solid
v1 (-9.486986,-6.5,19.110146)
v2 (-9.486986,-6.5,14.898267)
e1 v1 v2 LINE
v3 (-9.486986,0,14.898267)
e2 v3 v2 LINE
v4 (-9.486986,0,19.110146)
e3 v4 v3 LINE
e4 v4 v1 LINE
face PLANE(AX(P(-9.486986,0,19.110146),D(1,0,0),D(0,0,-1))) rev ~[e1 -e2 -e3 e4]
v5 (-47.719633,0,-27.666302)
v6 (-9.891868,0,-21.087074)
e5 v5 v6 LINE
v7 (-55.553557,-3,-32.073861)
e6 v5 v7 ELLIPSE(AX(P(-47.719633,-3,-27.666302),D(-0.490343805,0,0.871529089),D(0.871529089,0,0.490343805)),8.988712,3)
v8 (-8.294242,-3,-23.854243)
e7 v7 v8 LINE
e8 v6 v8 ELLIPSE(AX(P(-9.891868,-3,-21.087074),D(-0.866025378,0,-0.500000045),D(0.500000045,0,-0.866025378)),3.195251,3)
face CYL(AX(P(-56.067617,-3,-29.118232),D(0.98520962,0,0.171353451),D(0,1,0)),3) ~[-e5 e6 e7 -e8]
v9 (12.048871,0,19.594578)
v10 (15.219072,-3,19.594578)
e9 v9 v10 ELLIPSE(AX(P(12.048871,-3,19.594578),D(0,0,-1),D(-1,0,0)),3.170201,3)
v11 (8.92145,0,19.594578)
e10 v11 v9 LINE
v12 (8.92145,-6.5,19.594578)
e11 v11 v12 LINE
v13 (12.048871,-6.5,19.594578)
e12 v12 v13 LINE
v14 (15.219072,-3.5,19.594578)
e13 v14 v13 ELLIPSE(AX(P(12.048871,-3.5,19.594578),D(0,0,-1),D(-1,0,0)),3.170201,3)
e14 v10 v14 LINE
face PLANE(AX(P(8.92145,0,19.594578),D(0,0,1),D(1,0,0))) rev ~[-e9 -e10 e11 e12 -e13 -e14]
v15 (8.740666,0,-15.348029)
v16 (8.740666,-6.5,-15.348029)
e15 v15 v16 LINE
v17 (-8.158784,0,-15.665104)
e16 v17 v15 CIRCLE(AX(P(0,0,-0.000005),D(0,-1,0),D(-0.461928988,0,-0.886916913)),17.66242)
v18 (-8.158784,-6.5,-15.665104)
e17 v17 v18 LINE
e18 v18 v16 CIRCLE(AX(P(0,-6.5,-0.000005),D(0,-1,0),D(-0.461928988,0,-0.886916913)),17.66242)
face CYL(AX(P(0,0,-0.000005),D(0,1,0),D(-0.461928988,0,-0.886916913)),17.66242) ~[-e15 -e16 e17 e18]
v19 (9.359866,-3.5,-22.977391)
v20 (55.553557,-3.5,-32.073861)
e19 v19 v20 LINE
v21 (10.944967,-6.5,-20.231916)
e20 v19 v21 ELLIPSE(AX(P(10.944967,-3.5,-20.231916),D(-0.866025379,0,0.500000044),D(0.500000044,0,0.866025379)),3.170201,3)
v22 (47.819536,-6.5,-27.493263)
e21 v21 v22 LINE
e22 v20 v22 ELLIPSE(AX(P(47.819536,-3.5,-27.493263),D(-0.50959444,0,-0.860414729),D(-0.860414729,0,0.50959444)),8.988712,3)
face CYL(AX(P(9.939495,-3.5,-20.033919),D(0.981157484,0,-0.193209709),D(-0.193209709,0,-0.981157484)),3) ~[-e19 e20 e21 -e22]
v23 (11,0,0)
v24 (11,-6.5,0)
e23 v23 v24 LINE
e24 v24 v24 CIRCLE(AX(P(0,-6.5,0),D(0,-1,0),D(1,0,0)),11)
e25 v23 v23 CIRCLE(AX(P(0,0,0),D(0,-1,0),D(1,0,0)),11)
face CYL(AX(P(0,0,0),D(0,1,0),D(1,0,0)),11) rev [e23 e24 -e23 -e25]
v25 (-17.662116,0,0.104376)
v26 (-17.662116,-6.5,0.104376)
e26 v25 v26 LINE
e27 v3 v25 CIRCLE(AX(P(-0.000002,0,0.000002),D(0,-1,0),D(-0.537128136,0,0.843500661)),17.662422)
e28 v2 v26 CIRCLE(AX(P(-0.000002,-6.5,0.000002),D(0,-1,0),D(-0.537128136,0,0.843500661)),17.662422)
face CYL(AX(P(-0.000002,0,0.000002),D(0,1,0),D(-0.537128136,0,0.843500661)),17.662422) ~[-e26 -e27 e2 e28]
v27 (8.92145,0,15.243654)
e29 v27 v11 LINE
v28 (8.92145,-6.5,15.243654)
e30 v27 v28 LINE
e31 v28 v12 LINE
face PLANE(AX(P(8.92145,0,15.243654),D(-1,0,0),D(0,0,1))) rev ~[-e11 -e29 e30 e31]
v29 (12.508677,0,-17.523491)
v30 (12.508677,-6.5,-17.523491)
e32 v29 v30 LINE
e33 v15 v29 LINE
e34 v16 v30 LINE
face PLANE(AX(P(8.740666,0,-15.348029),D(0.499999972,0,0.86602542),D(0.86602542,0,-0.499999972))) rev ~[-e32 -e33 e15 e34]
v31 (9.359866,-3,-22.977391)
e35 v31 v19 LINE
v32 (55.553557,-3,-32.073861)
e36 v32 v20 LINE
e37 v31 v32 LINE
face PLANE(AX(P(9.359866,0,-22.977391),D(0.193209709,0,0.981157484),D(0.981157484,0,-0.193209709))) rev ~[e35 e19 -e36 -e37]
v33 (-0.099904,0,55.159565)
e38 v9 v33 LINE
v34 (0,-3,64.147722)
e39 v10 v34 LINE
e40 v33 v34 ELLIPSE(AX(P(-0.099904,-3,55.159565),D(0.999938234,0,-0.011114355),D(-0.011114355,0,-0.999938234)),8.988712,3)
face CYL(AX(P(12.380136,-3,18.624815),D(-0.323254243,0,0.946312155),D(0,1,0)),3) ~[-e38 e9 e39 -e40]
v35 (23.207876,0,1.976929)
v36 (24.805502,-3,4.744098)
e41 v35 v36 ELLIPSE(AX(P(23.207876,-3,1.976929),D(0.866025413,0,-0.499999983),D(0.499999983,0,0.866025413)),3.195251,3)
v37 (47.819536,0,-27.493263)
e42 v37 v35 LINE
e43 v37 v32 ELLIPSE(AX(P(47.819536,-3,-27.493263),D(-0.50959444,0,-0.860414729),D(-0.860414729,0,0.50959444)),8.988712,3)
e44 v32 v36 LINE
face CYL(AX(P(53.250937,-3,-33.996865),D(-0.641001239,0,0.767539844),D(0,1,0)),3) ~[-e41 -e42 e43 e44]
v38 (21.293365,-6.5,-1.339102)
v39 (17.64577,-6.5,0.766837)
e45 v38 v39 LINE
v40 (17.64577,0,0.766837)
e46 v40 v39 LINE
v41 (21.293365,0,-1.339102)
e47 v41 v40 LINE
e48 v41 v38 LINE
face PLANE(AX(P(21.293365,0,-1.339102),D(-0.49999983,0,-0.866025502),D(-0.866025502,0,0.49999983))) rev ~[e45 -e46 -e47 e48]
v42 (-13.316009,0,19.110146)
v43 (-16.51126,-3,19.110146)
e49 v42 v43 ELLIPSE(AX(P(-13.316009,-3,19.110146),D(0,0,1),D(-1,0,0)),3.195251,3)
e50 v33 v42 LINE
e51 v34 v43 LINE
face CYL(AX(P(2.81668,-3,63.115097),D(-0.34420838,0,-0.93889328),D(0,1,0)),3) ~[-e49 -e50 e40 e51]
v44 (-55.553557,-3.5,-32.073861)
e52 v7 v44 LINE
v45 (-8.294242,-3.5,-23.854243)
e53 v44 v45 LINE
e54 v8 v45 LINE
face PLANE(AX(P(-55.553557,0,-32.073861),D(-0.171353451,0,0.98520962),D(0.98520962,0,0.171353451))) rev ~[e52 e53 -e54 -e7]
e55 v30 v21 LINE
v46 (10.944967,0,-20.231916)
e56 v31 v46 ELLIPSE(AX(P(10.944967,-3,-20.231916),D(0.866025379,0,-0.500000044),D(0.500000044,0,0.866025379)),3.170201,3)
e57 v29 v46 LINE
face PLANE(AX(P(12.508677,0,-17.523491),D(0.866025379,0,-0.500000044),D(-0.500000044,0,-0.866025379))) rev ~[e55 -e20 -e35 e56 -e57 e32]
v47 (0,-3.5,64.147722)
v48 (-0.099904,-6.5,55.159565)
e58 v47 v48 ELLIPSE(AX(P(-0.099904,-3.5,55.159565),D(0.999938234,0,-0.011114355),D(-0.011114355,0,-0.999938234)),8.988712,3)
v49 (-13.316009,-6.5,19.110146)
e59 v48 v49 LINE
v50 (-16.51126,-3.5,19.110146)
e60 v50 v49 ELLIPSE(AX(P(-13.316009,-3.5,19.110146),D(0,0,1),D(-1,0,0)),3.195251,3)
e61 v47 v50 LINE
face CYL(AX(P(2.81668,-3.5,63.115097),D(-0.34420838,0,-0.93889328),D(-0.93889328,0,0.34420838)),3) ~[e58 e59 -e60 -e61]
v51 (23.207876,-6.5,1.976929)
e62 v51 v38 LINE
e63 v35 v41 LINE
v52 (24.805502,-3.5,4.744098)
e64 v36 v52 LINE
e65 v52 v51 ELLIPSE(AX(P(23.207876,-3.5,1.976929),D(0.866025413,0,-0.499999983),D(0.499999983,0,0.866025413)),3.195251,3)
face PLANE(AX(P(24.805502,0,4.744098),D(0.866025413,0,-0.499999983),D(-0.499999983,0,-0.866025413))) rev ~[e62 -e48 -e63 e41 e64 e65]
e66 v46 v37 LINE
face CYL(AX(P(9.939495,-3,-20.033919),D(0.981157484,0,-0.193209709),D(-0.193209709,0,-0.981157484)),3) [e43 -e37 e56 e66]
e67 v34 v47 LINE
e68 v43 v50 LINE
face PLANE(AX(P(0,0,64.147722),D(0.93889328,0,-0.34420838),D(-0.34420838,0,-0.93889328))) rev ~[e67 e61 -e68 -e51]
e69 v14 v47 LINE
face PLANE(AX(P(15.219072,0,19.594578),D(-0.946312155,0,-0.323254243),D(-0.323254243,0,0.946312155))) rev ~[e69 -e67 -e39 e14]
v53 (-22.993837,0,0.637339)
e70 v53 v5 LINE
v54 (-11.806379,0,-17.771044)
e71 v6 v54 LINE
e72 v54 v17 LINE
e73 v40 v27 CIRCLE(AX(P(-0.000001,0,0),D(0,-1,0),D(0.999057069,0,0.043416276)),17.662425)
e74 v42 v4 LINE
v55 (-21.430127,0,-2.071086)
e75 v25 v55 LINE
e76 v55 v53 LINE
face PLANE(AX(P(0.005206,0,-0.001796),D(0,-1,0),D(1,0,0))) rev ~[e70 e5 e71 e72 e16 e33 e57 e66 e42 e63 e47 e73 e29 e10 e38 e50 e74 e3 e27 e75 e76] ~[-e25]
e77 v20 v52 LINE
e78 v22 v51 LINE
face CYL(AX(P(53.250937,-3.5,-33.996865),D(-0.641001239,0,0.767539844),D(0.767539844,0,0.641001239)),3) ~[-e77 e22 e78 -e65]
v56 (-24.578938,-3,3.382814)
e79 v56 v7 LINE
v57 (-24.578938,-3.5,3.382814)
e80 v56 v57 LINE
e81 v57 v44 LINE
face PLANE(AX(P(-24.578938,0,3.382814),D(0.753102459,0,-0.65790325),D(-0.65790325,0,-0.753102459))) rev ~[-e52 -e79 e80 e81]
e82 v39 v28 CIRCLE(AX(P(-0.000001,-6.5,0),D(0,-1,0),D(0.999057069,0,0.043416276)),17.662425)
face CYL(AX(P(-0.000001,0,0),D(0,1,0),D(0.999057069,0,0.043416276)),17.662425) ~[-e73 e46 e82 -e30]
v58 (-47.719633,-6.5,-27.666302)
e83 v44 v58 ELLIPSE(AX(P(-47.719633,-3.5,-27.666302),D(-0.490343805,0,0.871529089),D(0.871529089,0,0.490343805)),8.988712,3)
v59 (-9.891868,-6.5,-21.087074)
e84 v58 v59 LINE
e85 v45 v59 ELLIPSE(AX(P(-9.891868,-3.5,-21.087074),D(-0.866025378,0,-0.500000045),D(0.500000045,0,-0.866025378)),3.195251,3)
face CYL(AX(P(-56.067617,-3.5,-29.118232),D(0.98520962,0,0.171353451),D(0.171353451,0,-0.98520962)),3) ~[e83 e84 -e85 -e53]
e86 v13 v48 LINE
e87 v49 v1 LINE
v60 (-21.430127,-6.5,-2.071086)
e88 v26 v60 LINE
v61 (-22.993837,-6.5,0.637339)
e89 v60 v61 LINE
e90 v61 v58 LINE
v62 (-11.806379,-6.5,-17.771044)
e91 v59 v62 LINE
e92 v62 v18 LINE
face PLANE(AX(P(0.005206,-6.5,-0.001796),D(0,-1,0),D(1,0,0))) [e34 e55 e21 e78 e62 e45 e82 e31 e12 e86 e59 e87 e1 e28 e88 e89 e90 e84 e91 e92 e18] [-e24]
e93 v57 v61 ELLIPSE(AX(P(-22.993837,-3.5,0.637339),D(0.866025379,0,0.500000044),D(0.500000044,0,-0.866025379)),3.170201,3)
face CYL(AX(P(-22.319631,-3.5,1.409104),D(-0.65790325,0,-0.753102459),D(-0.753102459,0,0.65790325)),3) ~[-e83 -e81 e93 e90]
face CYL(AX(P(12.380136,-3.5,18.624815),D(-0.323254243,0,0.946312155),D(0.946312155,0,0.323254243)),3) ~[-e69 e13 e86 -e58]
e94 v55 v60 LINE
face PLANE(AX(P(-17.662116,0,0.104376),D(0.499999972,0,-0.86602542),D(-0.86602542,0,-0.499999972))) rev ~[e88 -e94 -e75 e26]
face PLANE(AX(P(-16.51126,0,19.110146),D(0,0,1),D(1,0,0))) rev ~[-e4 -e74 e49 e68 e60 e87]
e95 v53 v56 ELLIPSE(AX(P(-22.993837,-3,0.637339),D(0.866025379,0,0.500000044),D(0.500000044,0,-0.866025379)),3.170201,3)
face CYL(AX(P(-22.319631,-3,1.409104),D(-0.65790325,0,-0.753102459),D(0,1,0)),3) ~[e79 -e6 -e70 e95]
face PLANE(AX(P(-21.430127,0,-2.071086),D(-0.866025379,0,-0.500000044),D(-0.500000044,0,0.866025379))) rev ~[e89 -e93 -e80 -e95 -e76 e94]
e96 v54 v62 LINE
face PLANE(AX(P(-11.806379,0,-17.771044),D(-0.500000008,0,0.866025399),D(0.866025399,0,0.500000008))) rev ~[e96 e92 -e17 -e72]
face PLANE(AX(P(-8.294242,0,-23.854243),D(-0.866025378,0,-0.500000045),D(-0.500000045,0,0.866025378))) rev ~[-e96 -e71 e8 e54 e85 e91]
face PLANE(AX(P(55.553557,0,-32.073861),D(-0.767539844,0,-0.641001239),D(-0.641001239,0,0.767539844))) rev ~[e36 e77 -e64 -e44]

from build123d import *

# Parameters (mm, degrees)
F0_R     = 11
F1_DEPTH = 6.5
F2_R     = 3
F3_R     = 3


with BuildPart() as f1:
    # F0 (on Front) → F1 (new body)
    with BuildSketch(Plane.XZ):
        with BuildLine():
            ThreePointArc((8.740666, -15.348029), (15.269948, -8.87637), (17.662425, 0))
            ThreePointArc((17.662425, 0), (17.658261, 0.383509), (17.64577, 0.766837))
            ThreePointArc((17.64577, 0.766837), (15.127751, 9.1166), (8.92145, 15.243654))
            ThreePointArc((8.92145, 15.243654), (-0.331332, 17.659317), (-9.486986, 14.898267))
            ThreePointArc((-9.486986, 14.898267), (-15.459083, 8.542717), (-17.662116, 0.104376))
            ThreePointArc((-17.662116, 0.104376), (-15.127751, -9.1166), (-8.158784, -15.665104))
            ThreePointArc((-8.158784, -15.665104), (0.331332, -17.659317), (8.740666, -15.348029))
        make_face()
        Circle(F0_R, mode=Mode.SUBTRACT)
        with BuildLine():
            ThreePointArc((17.64577, 0.766837), (17.658261, 0.383509), (17.662425, 0))
            ThreePointArc((17.662425, 0), (15.269948, -8.87637), (8.740666, -15.348029))
            Line((8.740666, -15.348029), (12.508677, -17.523491))
            Line((12.508677, -17.523491), (9.359866, -22.977391))
            Line((9.359866, -22.977391), (55.553557, -32.073861))
            Line((55.553557, -32.073861), (24.805502, 4.744098))
            Line((24.805502, 4.744098), (21.293365, -1.339102))
            Line((21.293365, -1.339102), (17.64577, 0.766837))
        make_face()
        with BuildLine():
            ThreePointArc((-9.486986, 14.898267), (-0.331332, 17.659317), (8.92145, 15.243654))
            Line((8.92145, 15.243654), (8.92145, 19.594578))
            Line((8.92145, 19.594578), (15.219072, 19.594578))
            Line((15.219072, 19.594578), (0, 64.147722))
            Line((0, 64.147722), (-16.51126, 19.110146))
            Line((-16.51126, 19.110146), (-9.486986, 19.110146))
            Line((-9.486986, 19.110146), (-9.486986, 14.898267))
        make_face()
        with BuildLine():
            Line((-11.806379, -17.771044), (-8.158784, -15.665104))
            ThreePointArc((-8.158784, -15.665104), (-15.127751, -9.1166), (-17.662116, 0.104376))
            Line((-17.662116, 0.104376), (-21.430127, -2.071086))
            Line((-21.430127, -2.071086), (-24.578938, 3.382814))
            Line((-24.578938, 3.382814), (-55.553557, -32.073861))
            Line((-55.553557, -32.073861), (-8.294242, -23.854243))
            Line((-8.294242, -23.854243), (-11.806379, -17.771044))
        make_face()
    extrude(amount=F1_DEPTH)

    # F2
    f2_edges = [f1.edges().sort_by_distance(p)[0] for p in [
        (-8.25563, -6.5, 41.628934),
        (7.609536, -6.5, 41.87115),
        (40.179529, -6.5, -13.664882),
        (32.456712, -6.5, -27.525626),
        (-31.923899, -6.5, -27.964052),
        (-40.066247, -6.5, -14.345524),
    ]]
    fillet(f2_edges, radius=F2_R)

    # F3
    f3_edges = [f1.edges().sort_by_distance(p)[0] for p in [
        (40.179529, 0, -13.664882),
        (-31.923899, 0, -27.964052),
        (32.456712, 0, -27.525626),
        (-40.066247, 0, -14.345524),
        (-8.25563, 0, 41.628934),
        (7.609536, 0, 41.87115),
    ]]
    fillet(f3_edges, radius=F3_R)


solid = f1.part
